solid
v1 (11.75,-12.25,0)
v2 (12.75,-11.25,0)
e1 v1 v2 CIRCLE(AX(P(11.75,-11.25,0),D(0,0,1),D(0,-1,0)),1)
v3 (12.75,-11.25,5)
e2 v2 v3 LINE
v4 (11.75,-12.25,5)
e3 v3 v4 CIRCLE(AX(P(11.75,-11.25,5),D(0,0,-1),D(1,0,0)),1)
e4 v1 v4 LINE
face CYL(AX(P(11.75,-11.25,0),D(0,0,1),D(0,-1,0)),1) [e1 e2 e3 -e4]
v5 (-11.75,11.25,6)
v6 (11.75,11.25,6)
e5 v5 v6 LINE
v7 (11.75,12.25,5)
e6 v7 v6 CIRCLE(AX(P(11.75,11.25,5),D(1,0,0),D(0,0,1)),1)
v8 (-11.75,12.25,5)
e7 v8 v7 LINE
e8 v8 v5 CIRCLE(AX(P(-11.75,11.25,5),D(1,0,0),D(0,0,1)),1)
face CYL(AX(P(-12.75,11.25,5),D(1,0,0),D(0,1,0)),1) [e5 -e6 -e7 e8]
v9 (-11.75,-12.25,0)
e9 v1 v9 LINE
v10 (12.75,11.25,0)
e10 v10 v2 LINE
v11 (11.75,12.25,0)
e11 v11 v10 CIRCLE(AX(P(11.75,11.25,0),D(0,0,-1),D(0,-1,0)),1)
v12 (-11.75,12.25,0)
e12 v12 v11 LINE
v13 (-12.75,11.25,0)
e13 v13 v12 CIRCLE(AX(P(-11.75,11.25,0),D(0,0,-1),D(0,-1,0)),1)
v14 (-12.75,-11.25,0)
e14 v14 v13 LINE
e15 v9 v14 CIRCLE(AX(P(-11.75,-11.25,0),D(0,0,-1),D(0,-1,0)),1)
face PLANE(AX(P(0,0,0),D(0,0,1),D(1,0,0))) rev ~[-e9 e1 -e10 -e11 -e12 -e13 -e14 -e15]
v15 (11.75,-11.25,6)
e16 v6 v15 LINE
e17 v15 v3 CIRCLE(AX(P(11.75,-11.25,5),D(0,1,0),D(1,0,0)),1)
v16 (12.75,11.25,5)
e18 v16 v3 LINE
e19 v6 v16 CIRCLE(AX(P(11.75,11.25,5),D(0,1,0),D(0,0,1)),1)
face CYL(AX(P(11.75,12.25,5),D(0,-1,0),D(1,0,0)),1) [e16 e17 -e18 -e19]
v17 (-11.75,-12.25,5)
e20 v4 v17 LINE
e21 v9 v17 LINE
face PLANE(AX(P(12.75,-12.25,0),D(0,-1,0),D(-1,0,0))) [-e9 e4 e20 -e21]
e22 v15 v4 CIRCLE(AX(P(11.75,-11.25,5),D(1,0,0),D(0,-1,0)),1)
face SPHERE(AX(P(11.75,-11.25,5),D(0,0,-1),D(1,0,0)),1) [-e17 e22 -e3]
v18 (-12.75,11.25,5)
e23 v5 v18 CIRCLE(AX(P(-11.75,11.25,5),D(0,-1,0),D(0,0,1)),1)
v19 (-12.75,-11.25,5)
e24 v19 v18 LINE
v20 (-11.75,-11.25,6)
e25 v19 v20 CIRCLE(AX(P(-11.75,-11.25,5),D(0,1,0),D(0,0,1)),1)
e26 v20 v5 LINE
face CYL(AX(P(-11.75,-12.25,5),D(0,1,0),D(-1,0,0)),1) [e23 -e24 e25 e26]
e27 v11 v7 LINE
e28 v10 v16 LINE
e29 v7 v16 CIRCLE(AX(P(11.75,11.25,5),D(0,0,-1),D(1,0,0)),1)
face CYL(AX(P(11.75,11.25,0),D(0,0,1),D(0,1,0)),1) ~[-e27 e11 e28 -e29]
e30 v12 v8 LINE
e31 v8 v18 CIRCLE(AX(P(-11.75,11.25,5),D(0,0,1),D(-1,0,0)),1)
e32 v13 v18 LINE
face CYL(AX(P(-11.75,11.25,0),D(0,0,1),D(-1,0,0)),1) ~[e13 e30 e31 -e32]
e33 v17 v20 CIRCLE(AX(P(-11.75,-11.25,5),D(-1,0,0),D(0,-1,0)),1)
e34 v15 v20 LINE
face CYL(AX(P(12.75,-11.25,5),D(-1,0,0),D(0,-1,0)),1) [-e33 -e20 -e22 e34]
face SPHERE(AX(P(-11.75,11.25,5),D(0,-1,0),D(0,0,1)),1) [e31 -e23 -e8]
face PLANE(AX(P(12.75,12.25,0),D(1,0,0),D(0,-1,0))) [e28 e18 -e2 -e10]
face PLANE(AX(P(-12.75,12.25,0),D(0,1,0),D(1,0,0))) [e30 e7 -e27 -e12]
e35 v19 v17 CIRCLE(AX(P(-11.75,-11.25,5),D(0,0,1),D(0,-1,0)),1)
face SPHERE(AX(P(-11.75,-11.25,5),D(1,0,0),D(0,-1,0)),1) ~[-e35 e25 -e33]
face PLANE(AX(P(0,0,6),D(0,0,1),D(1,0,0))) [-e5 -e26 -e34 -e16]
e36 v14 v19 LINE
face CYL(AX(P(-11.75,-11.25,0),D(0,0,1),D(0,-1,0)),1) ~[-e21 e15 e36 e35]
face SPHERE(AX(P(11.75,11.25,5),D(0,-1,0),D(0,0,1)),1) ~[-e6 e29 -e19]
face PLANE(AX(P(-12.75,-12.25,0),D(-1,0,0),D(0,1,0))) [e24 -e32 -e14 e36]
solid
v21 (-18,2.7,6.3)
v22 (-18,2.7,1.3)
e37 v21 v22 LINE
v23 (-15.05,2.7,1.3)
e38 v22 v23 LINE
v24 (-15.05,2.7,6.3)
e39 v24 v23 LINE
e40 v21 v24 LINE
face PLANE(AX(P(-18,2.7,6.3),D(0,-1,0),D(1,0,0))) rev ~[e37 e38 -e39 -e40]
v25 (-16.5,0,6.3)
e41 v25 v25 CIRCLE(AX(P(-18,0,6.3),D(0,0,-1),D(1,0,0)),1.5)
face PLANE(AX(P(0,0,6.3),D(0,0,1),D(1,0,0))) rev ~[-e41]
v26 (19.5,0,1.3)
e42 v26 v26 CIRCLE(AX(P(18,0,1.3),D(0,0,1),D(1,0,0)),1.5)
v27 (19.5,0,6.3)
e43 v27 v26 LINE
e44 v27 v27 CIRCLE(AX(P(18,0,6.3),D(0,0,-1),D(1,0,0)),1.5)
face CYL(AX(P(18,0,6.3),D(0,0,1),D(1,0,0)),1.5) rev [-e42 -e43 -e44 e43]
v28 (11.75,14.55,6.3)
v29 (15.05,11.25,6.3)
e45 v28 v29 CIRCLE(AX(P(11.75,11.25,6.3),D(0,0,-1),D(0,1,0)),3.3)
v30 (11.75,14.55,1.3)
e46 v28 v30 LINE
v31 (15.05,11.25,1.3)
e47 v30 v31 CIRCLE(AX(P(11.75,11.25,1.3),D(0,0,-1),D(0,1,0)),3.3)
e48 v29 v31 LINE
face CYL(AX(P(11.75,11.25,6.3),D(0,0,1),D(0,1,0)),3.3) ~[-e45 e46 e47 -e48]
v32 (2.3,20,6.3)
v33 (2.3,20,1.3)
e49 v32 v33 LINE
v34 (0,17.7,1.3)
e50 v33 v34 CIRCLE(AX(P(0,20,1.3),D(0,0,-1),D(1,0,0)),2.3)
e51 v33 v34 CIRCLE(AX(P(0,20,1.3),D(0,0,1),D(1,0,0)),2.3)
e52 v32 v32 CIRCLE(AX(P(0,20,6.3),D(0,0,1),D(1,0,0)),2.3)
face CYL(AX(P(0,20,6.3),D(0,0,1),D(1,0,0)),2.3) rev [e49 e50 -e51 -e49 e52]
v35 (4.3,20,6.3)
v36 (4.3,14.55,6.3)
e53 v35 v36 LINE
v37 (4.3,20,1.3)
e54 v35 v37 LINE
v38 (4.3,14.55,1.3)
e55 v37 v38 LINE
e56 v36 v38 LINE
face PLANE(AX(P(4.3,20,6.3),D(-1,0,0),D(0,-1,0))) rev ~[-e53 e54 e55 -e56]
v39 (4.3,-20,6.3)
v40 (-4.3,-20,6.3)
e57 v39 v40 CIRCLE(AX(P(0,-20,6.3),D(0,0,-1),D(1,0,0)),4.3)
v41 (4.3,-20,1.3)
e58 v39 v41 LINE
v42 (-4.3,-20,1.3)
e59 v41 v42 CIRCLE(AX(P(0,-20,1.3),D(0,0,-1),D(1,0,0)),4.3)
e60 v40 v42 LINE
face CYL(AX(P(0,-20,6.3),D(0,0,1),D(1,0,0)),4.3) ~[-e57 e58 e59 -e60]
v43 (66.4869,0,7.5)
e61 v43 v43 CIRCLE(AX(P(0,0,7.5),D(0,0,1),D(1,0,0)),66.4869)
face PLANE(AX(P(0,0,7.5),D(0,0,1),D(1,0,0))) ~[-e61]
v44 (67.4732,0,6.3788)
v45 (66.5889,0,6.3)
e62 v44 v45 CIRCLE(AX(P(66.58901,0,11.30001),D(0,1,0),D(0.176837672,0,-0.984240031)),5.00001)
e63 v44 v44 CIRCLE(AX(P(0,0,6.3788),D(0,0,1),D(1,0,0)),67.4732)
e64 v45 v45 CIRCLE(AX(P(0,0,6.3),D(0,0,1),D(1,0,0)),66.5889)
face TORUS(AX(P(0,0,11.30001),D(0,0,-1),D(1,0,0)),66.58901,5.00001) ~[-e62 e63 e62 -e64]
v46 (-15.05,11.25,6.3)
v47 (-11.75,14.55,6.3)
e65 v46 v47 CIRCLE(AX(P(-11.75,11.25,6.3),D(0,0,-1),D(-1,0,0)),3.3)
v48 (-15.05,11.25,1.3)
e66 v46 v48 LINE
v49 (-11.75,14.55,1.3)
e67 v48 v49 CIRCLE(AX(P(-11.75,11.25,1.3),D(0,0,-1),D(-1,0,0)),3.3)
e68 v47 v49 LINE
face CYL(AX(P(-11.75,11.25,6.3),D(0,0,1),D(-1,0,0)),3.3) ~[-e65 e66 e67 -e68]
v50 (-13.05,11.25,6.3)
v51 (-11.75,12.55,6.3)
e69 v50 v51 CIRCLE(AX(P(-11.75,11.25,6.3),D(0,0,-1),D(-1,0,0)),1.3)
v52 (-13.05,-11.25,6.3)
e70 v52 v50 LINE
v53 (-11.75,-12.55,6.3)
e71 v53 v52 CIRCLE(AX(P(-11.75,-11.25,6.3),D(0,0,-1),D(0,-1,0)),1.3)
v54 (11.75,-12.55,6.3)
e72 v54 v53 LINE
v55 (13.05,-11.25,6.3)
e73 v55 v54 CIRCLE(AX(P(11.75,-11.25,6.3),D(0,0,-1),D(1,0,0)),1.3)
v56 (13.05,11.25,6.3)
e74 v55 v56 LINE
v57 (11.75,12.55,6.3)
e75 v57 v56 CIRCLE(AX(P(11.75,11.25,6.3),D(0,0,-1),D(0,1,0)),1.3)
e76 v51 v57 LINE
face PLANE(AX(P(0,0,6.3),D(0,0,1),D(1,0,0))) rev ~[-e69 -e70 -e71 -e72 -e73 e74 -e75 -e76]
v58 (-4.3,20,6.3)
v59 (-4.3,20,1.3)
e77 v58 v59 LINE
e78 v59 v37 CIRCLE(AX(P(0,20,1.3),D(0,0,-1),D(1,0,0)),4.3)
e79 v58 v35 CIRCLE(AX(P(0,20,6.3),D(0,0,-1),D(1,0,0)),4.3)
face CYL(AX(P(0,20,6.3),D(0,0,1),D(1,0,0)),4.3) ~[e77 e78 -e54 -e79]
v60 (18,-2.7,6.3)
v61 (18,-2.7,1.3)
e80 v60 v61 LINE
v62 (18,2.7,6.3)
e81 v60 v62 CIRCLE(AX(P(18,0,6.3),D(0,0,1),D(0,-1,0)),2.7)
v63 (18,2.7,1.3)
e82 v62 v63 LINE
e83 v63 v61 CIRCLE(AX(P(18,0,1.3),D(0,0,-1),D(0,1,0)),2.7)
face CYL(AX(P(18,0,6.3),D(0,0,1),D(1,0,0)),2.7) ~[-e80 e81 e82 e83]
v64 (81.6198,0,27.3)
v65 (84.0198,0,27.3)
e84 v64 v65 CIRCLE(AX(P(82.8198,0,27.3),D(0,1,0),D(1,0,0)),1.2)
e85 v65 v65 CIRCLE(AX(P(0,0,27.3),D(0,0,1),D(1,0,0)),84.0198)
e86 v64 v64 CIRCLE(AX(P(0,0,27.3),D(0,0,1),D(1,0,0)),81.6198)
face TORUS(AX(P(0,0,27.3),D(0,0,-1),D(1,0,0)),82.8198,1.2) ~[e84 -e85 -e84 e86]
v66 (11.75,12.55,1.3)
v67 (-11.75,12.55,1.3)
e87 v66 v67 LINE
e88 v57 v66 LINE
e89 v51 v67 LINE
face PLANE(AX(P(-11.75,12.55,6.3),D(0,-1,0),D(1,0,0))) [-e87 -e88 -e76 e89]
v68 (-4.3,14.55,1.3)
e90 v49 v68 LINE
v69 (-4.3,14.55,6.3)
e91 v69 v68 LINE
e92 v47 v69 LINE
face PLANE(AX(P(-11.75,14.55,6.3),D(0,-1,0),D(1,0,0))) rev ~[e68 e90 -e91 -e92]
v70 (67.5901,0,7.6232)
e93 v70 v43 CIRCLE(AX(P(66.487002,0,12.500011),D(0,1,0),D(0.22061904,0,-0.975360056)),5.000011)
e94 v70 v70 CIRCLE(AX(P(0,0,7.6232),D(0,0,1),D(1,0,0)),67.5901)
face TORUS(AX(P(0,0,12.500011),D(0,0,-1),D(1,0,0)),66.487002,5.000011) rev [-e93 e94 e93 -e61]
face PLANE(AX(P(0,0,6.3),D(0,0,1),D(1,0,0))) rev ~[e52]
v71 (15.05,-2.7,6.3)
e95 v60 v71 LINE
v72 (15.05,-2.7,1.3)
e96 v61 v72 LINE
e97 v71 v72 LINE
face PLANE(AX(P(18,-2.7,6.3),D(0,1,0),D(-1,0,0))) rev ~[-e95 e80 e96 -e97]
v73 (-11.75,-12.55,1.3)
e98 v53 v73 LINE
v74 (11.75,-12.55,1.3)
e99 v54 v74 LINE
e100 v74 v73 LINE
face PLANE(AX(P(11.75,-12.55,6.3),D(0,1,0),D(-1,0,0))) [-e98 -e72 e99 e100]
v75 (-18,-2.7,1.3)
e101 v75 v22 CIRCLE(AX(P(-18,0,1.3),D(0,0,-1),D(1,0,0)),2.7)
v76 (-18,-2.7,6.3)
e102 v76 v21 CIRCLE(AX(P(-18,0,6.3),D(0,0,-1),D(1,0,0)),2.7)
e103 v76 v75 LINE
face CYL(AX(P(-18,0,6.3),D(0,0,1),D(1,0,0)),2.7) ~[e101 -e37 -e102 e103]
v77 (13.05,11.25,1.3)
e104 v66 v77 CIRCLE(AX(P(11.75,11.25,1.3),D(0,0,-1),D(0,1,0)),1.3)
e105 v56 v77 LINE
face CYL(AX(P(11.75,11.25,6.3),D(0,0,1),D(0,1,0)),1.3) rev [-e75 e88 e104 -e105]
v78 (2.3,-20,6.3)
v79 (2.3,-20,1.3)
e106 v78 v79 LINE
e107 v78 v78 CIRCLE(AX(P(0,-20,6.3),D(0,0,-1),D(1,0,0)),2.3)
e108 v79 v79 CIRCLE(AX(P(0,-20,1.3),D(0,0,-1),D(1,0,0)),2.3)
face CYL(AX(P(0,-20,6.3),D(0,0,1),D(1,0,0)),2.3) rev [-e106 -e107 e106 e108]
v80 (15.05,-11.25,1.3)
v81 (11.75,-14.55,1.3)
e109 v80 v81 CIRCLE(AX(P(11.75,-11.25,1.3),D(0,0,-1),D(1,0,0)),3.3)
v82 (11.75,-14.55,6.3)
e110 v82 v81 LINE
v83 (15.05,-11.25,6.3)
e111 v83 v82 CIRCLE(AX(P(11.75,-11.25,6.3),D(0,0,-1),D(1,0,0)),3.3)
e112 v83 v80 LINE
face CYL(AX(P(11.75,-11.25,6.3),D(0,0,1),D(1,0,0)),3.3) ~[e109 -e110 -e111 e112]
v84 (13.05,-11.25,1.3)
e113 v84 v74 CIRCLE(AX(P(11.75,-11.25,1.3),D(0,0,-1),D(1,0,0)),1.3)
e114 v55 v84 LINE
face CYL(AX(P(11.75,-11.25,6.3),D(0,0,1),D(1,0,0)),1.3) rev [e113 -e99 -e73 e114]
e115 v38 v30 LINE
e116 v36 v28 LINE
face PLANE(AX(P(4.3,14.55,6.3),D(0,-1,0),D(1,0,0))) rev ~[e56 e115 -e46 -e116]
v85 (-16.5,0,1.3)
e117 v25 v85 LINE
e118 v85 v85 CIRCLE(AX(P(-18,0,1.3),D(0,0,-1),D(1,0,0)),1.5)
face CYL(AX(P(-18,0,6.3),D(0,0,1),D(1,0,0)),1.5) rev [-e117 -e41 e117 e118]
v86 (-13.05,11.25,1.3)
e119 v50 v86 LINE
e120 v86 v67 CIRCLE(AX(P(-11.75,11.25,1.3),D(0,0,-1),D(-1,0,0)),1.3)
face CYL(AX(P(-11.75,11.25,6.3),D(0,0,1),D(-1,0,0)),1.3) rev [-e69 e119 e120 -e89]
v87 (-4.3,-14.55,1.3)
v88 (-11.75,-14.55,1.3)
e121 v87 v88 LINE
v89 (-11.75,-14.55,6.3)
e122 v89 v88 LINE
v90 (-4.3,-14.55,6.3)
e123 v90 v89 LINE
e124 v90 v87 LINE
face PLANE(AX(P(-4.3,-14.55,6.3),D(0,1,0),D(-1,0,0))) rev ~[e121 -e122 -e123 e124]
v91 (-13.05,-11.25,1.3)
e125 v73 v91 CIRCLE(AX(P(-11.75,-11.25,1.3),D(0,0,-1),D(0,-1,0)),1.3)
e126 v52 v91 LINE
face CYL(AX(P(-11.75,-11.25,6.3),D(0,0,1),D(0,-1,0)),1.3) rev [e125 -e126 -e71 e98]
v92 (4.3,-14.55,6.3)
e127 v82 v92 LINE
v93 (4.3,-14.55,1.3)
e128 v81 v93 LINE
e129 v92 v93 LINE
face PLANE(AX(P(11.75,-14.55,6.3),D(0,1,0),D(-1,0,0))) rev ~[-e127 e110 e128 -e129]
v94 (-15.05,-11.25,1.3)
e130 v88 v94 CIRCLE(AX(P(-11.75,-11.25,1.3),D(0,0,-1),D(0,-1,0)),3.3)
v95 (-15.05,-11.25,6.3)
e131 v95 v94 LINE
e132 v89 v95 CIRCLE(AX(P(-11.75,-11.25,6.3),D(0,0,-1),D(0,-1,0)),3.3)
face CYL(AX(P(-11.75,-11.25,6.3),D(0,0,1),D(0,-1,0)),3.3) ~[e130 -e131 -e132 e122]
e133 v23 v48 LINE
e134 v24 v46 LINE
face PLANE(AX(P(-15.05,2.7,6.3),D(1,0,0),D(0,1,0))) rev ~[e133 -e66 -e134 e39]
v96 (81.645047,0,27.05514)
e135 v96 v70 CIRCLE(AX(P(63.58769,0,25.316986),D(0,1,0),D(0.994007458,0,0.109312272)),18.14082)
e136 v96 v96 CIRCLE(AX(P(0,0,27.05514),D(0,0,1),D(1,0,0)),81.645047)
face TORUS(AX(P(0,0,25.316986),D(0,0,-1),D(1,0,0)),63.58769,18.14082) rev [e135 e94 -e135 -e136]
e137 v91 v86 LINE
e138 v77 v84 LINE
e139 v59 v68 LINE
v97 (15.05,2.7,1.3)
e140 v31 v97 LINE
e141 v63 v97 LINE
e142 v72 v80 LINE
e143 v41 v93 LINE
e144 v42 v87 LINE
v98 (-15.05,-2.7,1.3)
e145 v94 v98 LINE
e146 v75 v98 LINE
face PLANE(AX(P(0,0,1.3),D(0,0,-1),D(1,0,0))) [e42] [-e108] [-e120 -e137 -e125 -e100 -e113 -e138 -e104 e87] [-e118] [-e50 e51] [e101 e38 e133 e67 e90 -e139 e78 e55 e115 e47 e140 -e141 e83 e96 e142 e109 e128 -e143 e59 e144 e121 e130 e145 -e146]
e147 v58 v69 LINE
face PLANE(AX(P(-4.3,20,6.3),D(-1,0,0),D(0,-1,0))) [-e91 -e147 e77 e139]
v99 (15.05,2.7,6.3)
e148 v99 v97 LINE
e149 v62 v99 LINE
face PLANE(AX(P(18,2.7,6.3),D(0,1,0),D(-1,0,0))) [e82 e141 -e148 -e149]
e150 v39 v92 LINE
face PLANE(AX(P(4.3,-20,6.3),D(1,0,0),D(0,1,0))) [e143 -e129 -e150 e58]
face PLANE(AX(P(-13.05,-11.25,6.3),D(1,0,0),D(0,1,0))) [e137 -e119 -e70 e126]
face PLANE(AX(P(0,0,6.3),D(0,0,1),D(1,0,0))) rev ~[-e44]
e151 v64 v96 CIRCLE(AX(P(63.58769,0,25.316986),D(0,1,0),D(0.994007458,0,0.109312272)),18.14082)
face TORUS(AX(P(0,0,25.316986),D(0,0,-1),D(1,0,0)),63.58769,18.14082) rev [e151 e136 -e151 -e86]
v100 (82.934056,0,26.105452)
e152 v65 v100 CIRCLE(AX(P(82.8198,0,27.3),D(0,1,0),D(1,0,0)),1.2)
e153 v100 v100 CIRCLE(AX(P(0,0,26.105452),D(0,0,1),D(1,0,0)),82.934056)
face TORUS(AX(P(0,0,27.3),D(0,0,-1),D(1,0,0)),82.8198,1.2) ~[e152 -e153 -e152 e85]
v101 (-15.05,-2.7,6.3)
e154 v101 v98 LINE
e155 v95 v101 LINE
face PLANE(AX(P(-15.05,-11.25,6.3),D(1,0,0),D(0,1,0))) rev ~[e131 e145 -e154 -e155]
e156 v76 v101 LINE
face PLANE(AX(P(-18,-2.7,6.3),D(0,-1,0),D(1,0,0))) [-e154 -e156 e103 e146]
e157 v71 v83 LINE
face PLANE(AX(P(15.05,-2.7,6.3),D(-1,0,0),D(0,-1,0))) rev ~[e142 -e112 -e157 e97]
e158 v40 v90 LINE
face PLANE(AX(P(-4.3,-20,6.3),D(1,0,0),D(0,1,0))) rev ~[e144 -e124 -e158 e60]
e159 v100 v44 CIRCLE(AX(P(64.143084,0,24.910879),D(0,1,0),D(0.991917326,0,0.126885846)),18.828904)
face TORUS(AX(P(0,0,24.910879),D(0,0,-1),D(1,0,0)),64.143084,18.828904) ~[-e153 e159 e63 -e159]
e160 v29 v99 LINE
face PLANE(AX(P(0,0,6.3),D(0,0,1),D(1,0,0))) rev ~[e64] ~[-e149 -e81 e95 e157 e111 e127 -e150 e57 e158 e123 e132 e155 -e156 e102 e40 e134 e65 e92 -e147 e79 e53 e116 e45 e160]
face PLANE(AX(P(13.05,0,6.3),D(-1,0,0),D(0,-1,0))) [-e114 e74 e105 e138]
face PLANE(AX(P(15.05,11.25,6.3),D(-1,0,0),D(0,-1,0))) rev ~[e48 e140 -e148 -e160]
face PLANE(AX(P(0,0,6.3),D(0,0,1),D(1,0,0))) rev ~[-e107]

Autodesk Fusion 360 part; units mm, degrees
sketch "Sketch1" plane through (0, 0, 0) normal (0, 0, 1) x (1, 0, 0) in component "RFID Reader: ID-12LA"
  line L0 (12.75, -12.25) -> (-12.75, -12.25)
  line L1 (-12.75, -12.25) -> (-12.75, 12.25)
  line L2 (-12.75, 12.25) -> (12.75, 12.25)
  line L3 (12.75, 12.25) -> (12.75, -12.25)
  line L4 (12.75, -12.25) -> (-12.75, 12.25) construction
  line L5 (-12.75, -12.25) -> (12.75, 12.25) construction
  dimension "d6" = 25.5
  dimension "d7" = 24.5
extrude "Extrude1" add sketch "Sketch1" along normal blind 6 makes body 1 in component "RFID Reader: ID-12LA"
fillet "Fillet1" radius 1 8 edges at (12.75, -12.25, 3) (12.75, 0, 6) (0, -12.25, 6) (-12.75, -12.25, 3) (-12.75, 0, 6) (0, 12.25, 6) (12.75, 12.25, 3) (-12.75, 12.25, 3) on bodies 1 in component "RFID Reader: ID-12LA"
sketch "Scale's plate sketch." plane through (0, 0, 0) normal (0, 1, 0) x (1, 0, 0) in component "Plate"
  line L0 (66.5889, 0) -> (-82.2802, 0)
  line L1 (-82.2802, 0) -> (-82.2802, -21)
  line L2 (-82.2802, -21) -> (82.8198, -21)
  line L3 (82.8198, 0) -> (-82.2802, -21) construction
  line L4 (-82.2802, 0) -> (82.8198, -21) construction
  line L5 (1.75, 0) -> (22.5, 0)
  line L6 (0, 0) -> (0, -1.2)
  line L7 (0, -1.2) -> (66.4869, -1.2)
  line L8 (82.8198, -21) -> (81.6198, -21) construction
  arc A0 (81.6198, -21) -> (67.5901, -1.3232) centre (63.5877, -19.017) ccw
  arc A1 (82.8198, -21) -> (67.4732, -0.0788) centre (64.1431, -18.6109) ccw
  arc A2 (67.5901, -1.3232) -> (66.4869, -1.2) centre (66.4869, -6.2) ccw
  arc A3 (67.4732, -0.0788) -> (66.5889, 0) centre (66.5889, -5) ccw
  circle A4 centre (82.8198, -21) radius 1.2
  point P0 (0.2698, -10.5)
  dimension "d16" = 165.1
  dimension "d17" = 21
  dimension "d18" = 1.2
  dimension "d19" = 1.2
  dimension "d20" = 5
  dimension "d21" = 5
revolve "Revolution of the scale's plate sketch." add sketch "Scale's plate sketch." angle 360 about axis through (0, 0, 1.75) along (0, 0, 1) separate body contours L0 L5 L6 L7 A0 A1 A2 A3 A4 | L2 A1 A4 | L2 A0 A1 A4 makes body 2 in component "Plate"
sketch "RFID mount area sketch." plane through (0, 0, 0) normal (0, 0, -1) x (1, 0, 0) in component "Plate"
  circle A0 centre (0, 0) radius 66.5889
  arc A1 (-12.75, -11.25) -> (-11.75, -12.25) centre (-11.75, -11.25) ccw
  line L0 (-11.75, -12.25) -> (11.75, -12.25)
  arc A2 (11.75, -12.25) -> (12.75, -11.25) centre (11.75, -11.25) ccw
  line L1 (12.75, -11.25) -> (12.75, 11.25)
  arc A3 (12.75, 11.25) -> (11.75, 12.25) centre (11.75, 11.25) ccw
  line L2 (11.75, 12.25) -> (-11.75, 12.25)
  arc A4 (-11.75, 12.25) -> (-12.75, 11.25) centre (-11.75, 11.25) ccw
  line L3 (-12.75, 11.25) -> (-12.75, -11.25)
  line L4 (11.75, 12.55) -> (-11.75, 12.55)
  arc A5 (-11.75, 12.55) -> (-13.05, 11.25) centre (-11.75, 11.25) ccw
  line L5 (-13.05, 11.25) -> (-13.05, -11.25)
  arc A6 (-13.05, -11.25) -> (-11.75, -12.55) centre (-11.75, -11.25) ccw
  line L6 (-11.75, -12.55) -> (11.75, -12.55)
  arc A7 (11.75, -12.55) -> (13.05, -11.25) centre (11.75, -11.25) ccw
  line L7 (13.05, -11.25) -> (13.05, 11.25)
  arc A8 (13.05, 11.25) -> (11.75, 12.55) centre (11.75, 11.25) ccw
  line L8 (11.75, 14.55) -> (-11.75, 14.55)
  arc A9 (-11.75, 14.55) -> (-15.05, 11.25) centre (-11.75, 11.25) ccw
  line L9 (-15.05, 11.25) -> (-15.05, -11.25)
  arc A10 (-15.05, -11.25) -> (-11.75, -14.55) centre (-11.75, -11.25) ccw
  line L10 (-11.75, -14.55) -> (11.75, -14.55)
  arc A11 (11.75, -14.55) -> (15.05, -11.25) centre (11.75, -11.25) ccw
  line L11 (15.05, -11.25) -> (15.05, 11.25)
  arc A12 (15.05, 11.25) -> (11.75, 14.55) centre (11.75, 11.25) ccw
  circle A13 centre (0, 20) radius 2.3
  line L12 (0, -1.75) -> (0, -22.5)
  line L13 (1.75, 0) -> (22.5, 0)
  circle A14 centre (0, -20) radius 2.3
  circle A15 centre (-18, 0) radius 1.5
  circle A16 centre (18, 0) radius 1.5
  circle A17 centre (0, 20) radius 4.3
  line L14 (0, 20) -> (4.3, 20) construction
  line L15 (0, 20) -> (-4.3, 20) construction
  line L16 (4.3, 20) -> (4.3, 14.55)
  line L17 (-4.3, 20) -> (-4.3, 14.55)
  circle A18 centre (-18, 0) radius 2.7
  line L18 (-18, 0) -> (-18, 2.7) construction
  line L19 (-18, 0) -> (-18, -2.7) construction
  line L20 (-18, -2.7) -> (-15.05, -2.7)
  line L21 (-18, 2.7) -> (-15.05, 2.7)
  line L22 (-4.3, -20) -> (-4.3, -14.55)
  circle A19 centre (0, -20) radius 4.3
  line L23 (4.3, -20) -> (4.3, -14.55)
  circle A20 centre (18, 0) radius 2.7
  line L24 (18, 2.7) -> (15.05, 2.7)
  line L25 (18, -2.7) -> (15.05, -2.7)
  line L26 (-13.65, 11.25) -> (-13.65, -11.25)
  arc A21 (-13.65, -11.25) -> (-11.75, -13.15) centre (-11.75, -11.25) ccw
  line L27 (-11.75, -13.15) -> (11.75, -13.15)
  arc A22 (11.75, -13.15) -> (13.65, -11.25) centre (11.75, -11.25) ccw
  line L28 (13.65, -11.25) -> (13.65, 11.25)
  arc A23 (13.65, 11.25) -> (11.75, 13.15) centre (11.75, 11.25) ccw
  line L29 (11.75, 13.15) -> (-11.75, 13.15)
  arc A24 (-11.75, 13.15) -> (-13.65, 11.25) centre (-11.75, 11.25) ccw
  dimension "d23" = 0.3
  dimension "d24" = 2.3
  dimension "d29" = 4.6
  dimension "d30" = 20
  dimension "d31" = 3
  dimension "d32" = 18
  dimension "d33" = 2
  dimension "d34" = 1.2
  dimension "d37" = 0.6
extrude "Extrude1'" add sketch "RFID mount area sketch." along normal blind 5 contours L4 A5 L5 A6 L6 L7 A8 L12 L13 L26 A21 L27 L28 A23 L29 A24 | L6 A7 L7 L12 L13 L27 A22 L28 | L10 A11 L11 L12 L13 L27 A22 L28 | L8 A9 L9 A10 L10 L11 A12 L12 L13 L26 A21 L27 L28 A23 L29 A24 | L10 L12 L22 A19 | L10 L12 A19 L23 | A19 | L11 L13 A20 L25 | L11 L13 A20 L24 | L13 A16 A20 | L13 A16 A20 | L9 A18 L20 L21 | A18 | L8 A17 L16 L17 | A17 bodies 2 in component "Plate"
component "RFID Reader: ID-12LA" placed x (1, 0, 0) y (0, 1, 0) z (0, 0, 1) at (0, 0, 0)
component "Plate" placed x (1, 0, 0) y (0, 1, 0) z (0, 0, 1) at (0, 0, 6.3)
equation "s_tolerance = 0.1 mm" comment "Small tolerance of the 3D printer."
equation "b_tolerance = 0.3 mm" comment "Big tolerance of the 3D printer."
equation "rfid_width = 24.5 mm" comment "Width of the rfid reader."
equation "rfid_length = 25.5 mm" comment "Length of the rfid reader."
equation "rfid_height = 6 mm" comment "Height of the rfid reader."
equation "d6 = rfid_length"
equation "d7 = rfid_width"
equation "d8 = rfid_height"
equation "rfid_fillet = 1 mm" comment "Fillet of the rfid top edges."
equation "d12 = rfid_fillet"
equation "plate_height = 21 mm" comment "Height of the scale's plates."
equation "plate_diam = 6.5 in" comment "Diameter of the scale's plates."
equation "plate_thick = 1.2 mm" comment "Thickness of the scale's plate."
equation "d16 = plate_diam"
equation "d17 = plate_height"
equation "d18 = plate_thick"
equation "d19 = plate_thick"
equation "d23 = b_tolerance"
equation "d24 = b_tolerance + plate_rfid_perimeter_offset"
equation "plate_rfid_perimeter_offset = 2 mm" comment "Offset of the perimeter surrounding the rfid beneath the plate."
equation "plate_rfid_guide_diam = 3 mm" comment "Diameter of the guide pins for the mounting of the rfid to the plate."
equation "m3_threaded_insert_diam = 4.6 mm" comment "Diameter of the M3 threaded inserts to be used to mount the rfids to the plate."
equation "plate_rfid_mheight = 5 mm" comment "Height of the mount area for the rfid underneath the plate."
equation "d29 = m3_threaded_insert_diam"
equation "d31 = plate_rfid_guide_diam"
equation "d35 = plate_rfid_mheight"
equation "d37 = b_tolerance * 2"
